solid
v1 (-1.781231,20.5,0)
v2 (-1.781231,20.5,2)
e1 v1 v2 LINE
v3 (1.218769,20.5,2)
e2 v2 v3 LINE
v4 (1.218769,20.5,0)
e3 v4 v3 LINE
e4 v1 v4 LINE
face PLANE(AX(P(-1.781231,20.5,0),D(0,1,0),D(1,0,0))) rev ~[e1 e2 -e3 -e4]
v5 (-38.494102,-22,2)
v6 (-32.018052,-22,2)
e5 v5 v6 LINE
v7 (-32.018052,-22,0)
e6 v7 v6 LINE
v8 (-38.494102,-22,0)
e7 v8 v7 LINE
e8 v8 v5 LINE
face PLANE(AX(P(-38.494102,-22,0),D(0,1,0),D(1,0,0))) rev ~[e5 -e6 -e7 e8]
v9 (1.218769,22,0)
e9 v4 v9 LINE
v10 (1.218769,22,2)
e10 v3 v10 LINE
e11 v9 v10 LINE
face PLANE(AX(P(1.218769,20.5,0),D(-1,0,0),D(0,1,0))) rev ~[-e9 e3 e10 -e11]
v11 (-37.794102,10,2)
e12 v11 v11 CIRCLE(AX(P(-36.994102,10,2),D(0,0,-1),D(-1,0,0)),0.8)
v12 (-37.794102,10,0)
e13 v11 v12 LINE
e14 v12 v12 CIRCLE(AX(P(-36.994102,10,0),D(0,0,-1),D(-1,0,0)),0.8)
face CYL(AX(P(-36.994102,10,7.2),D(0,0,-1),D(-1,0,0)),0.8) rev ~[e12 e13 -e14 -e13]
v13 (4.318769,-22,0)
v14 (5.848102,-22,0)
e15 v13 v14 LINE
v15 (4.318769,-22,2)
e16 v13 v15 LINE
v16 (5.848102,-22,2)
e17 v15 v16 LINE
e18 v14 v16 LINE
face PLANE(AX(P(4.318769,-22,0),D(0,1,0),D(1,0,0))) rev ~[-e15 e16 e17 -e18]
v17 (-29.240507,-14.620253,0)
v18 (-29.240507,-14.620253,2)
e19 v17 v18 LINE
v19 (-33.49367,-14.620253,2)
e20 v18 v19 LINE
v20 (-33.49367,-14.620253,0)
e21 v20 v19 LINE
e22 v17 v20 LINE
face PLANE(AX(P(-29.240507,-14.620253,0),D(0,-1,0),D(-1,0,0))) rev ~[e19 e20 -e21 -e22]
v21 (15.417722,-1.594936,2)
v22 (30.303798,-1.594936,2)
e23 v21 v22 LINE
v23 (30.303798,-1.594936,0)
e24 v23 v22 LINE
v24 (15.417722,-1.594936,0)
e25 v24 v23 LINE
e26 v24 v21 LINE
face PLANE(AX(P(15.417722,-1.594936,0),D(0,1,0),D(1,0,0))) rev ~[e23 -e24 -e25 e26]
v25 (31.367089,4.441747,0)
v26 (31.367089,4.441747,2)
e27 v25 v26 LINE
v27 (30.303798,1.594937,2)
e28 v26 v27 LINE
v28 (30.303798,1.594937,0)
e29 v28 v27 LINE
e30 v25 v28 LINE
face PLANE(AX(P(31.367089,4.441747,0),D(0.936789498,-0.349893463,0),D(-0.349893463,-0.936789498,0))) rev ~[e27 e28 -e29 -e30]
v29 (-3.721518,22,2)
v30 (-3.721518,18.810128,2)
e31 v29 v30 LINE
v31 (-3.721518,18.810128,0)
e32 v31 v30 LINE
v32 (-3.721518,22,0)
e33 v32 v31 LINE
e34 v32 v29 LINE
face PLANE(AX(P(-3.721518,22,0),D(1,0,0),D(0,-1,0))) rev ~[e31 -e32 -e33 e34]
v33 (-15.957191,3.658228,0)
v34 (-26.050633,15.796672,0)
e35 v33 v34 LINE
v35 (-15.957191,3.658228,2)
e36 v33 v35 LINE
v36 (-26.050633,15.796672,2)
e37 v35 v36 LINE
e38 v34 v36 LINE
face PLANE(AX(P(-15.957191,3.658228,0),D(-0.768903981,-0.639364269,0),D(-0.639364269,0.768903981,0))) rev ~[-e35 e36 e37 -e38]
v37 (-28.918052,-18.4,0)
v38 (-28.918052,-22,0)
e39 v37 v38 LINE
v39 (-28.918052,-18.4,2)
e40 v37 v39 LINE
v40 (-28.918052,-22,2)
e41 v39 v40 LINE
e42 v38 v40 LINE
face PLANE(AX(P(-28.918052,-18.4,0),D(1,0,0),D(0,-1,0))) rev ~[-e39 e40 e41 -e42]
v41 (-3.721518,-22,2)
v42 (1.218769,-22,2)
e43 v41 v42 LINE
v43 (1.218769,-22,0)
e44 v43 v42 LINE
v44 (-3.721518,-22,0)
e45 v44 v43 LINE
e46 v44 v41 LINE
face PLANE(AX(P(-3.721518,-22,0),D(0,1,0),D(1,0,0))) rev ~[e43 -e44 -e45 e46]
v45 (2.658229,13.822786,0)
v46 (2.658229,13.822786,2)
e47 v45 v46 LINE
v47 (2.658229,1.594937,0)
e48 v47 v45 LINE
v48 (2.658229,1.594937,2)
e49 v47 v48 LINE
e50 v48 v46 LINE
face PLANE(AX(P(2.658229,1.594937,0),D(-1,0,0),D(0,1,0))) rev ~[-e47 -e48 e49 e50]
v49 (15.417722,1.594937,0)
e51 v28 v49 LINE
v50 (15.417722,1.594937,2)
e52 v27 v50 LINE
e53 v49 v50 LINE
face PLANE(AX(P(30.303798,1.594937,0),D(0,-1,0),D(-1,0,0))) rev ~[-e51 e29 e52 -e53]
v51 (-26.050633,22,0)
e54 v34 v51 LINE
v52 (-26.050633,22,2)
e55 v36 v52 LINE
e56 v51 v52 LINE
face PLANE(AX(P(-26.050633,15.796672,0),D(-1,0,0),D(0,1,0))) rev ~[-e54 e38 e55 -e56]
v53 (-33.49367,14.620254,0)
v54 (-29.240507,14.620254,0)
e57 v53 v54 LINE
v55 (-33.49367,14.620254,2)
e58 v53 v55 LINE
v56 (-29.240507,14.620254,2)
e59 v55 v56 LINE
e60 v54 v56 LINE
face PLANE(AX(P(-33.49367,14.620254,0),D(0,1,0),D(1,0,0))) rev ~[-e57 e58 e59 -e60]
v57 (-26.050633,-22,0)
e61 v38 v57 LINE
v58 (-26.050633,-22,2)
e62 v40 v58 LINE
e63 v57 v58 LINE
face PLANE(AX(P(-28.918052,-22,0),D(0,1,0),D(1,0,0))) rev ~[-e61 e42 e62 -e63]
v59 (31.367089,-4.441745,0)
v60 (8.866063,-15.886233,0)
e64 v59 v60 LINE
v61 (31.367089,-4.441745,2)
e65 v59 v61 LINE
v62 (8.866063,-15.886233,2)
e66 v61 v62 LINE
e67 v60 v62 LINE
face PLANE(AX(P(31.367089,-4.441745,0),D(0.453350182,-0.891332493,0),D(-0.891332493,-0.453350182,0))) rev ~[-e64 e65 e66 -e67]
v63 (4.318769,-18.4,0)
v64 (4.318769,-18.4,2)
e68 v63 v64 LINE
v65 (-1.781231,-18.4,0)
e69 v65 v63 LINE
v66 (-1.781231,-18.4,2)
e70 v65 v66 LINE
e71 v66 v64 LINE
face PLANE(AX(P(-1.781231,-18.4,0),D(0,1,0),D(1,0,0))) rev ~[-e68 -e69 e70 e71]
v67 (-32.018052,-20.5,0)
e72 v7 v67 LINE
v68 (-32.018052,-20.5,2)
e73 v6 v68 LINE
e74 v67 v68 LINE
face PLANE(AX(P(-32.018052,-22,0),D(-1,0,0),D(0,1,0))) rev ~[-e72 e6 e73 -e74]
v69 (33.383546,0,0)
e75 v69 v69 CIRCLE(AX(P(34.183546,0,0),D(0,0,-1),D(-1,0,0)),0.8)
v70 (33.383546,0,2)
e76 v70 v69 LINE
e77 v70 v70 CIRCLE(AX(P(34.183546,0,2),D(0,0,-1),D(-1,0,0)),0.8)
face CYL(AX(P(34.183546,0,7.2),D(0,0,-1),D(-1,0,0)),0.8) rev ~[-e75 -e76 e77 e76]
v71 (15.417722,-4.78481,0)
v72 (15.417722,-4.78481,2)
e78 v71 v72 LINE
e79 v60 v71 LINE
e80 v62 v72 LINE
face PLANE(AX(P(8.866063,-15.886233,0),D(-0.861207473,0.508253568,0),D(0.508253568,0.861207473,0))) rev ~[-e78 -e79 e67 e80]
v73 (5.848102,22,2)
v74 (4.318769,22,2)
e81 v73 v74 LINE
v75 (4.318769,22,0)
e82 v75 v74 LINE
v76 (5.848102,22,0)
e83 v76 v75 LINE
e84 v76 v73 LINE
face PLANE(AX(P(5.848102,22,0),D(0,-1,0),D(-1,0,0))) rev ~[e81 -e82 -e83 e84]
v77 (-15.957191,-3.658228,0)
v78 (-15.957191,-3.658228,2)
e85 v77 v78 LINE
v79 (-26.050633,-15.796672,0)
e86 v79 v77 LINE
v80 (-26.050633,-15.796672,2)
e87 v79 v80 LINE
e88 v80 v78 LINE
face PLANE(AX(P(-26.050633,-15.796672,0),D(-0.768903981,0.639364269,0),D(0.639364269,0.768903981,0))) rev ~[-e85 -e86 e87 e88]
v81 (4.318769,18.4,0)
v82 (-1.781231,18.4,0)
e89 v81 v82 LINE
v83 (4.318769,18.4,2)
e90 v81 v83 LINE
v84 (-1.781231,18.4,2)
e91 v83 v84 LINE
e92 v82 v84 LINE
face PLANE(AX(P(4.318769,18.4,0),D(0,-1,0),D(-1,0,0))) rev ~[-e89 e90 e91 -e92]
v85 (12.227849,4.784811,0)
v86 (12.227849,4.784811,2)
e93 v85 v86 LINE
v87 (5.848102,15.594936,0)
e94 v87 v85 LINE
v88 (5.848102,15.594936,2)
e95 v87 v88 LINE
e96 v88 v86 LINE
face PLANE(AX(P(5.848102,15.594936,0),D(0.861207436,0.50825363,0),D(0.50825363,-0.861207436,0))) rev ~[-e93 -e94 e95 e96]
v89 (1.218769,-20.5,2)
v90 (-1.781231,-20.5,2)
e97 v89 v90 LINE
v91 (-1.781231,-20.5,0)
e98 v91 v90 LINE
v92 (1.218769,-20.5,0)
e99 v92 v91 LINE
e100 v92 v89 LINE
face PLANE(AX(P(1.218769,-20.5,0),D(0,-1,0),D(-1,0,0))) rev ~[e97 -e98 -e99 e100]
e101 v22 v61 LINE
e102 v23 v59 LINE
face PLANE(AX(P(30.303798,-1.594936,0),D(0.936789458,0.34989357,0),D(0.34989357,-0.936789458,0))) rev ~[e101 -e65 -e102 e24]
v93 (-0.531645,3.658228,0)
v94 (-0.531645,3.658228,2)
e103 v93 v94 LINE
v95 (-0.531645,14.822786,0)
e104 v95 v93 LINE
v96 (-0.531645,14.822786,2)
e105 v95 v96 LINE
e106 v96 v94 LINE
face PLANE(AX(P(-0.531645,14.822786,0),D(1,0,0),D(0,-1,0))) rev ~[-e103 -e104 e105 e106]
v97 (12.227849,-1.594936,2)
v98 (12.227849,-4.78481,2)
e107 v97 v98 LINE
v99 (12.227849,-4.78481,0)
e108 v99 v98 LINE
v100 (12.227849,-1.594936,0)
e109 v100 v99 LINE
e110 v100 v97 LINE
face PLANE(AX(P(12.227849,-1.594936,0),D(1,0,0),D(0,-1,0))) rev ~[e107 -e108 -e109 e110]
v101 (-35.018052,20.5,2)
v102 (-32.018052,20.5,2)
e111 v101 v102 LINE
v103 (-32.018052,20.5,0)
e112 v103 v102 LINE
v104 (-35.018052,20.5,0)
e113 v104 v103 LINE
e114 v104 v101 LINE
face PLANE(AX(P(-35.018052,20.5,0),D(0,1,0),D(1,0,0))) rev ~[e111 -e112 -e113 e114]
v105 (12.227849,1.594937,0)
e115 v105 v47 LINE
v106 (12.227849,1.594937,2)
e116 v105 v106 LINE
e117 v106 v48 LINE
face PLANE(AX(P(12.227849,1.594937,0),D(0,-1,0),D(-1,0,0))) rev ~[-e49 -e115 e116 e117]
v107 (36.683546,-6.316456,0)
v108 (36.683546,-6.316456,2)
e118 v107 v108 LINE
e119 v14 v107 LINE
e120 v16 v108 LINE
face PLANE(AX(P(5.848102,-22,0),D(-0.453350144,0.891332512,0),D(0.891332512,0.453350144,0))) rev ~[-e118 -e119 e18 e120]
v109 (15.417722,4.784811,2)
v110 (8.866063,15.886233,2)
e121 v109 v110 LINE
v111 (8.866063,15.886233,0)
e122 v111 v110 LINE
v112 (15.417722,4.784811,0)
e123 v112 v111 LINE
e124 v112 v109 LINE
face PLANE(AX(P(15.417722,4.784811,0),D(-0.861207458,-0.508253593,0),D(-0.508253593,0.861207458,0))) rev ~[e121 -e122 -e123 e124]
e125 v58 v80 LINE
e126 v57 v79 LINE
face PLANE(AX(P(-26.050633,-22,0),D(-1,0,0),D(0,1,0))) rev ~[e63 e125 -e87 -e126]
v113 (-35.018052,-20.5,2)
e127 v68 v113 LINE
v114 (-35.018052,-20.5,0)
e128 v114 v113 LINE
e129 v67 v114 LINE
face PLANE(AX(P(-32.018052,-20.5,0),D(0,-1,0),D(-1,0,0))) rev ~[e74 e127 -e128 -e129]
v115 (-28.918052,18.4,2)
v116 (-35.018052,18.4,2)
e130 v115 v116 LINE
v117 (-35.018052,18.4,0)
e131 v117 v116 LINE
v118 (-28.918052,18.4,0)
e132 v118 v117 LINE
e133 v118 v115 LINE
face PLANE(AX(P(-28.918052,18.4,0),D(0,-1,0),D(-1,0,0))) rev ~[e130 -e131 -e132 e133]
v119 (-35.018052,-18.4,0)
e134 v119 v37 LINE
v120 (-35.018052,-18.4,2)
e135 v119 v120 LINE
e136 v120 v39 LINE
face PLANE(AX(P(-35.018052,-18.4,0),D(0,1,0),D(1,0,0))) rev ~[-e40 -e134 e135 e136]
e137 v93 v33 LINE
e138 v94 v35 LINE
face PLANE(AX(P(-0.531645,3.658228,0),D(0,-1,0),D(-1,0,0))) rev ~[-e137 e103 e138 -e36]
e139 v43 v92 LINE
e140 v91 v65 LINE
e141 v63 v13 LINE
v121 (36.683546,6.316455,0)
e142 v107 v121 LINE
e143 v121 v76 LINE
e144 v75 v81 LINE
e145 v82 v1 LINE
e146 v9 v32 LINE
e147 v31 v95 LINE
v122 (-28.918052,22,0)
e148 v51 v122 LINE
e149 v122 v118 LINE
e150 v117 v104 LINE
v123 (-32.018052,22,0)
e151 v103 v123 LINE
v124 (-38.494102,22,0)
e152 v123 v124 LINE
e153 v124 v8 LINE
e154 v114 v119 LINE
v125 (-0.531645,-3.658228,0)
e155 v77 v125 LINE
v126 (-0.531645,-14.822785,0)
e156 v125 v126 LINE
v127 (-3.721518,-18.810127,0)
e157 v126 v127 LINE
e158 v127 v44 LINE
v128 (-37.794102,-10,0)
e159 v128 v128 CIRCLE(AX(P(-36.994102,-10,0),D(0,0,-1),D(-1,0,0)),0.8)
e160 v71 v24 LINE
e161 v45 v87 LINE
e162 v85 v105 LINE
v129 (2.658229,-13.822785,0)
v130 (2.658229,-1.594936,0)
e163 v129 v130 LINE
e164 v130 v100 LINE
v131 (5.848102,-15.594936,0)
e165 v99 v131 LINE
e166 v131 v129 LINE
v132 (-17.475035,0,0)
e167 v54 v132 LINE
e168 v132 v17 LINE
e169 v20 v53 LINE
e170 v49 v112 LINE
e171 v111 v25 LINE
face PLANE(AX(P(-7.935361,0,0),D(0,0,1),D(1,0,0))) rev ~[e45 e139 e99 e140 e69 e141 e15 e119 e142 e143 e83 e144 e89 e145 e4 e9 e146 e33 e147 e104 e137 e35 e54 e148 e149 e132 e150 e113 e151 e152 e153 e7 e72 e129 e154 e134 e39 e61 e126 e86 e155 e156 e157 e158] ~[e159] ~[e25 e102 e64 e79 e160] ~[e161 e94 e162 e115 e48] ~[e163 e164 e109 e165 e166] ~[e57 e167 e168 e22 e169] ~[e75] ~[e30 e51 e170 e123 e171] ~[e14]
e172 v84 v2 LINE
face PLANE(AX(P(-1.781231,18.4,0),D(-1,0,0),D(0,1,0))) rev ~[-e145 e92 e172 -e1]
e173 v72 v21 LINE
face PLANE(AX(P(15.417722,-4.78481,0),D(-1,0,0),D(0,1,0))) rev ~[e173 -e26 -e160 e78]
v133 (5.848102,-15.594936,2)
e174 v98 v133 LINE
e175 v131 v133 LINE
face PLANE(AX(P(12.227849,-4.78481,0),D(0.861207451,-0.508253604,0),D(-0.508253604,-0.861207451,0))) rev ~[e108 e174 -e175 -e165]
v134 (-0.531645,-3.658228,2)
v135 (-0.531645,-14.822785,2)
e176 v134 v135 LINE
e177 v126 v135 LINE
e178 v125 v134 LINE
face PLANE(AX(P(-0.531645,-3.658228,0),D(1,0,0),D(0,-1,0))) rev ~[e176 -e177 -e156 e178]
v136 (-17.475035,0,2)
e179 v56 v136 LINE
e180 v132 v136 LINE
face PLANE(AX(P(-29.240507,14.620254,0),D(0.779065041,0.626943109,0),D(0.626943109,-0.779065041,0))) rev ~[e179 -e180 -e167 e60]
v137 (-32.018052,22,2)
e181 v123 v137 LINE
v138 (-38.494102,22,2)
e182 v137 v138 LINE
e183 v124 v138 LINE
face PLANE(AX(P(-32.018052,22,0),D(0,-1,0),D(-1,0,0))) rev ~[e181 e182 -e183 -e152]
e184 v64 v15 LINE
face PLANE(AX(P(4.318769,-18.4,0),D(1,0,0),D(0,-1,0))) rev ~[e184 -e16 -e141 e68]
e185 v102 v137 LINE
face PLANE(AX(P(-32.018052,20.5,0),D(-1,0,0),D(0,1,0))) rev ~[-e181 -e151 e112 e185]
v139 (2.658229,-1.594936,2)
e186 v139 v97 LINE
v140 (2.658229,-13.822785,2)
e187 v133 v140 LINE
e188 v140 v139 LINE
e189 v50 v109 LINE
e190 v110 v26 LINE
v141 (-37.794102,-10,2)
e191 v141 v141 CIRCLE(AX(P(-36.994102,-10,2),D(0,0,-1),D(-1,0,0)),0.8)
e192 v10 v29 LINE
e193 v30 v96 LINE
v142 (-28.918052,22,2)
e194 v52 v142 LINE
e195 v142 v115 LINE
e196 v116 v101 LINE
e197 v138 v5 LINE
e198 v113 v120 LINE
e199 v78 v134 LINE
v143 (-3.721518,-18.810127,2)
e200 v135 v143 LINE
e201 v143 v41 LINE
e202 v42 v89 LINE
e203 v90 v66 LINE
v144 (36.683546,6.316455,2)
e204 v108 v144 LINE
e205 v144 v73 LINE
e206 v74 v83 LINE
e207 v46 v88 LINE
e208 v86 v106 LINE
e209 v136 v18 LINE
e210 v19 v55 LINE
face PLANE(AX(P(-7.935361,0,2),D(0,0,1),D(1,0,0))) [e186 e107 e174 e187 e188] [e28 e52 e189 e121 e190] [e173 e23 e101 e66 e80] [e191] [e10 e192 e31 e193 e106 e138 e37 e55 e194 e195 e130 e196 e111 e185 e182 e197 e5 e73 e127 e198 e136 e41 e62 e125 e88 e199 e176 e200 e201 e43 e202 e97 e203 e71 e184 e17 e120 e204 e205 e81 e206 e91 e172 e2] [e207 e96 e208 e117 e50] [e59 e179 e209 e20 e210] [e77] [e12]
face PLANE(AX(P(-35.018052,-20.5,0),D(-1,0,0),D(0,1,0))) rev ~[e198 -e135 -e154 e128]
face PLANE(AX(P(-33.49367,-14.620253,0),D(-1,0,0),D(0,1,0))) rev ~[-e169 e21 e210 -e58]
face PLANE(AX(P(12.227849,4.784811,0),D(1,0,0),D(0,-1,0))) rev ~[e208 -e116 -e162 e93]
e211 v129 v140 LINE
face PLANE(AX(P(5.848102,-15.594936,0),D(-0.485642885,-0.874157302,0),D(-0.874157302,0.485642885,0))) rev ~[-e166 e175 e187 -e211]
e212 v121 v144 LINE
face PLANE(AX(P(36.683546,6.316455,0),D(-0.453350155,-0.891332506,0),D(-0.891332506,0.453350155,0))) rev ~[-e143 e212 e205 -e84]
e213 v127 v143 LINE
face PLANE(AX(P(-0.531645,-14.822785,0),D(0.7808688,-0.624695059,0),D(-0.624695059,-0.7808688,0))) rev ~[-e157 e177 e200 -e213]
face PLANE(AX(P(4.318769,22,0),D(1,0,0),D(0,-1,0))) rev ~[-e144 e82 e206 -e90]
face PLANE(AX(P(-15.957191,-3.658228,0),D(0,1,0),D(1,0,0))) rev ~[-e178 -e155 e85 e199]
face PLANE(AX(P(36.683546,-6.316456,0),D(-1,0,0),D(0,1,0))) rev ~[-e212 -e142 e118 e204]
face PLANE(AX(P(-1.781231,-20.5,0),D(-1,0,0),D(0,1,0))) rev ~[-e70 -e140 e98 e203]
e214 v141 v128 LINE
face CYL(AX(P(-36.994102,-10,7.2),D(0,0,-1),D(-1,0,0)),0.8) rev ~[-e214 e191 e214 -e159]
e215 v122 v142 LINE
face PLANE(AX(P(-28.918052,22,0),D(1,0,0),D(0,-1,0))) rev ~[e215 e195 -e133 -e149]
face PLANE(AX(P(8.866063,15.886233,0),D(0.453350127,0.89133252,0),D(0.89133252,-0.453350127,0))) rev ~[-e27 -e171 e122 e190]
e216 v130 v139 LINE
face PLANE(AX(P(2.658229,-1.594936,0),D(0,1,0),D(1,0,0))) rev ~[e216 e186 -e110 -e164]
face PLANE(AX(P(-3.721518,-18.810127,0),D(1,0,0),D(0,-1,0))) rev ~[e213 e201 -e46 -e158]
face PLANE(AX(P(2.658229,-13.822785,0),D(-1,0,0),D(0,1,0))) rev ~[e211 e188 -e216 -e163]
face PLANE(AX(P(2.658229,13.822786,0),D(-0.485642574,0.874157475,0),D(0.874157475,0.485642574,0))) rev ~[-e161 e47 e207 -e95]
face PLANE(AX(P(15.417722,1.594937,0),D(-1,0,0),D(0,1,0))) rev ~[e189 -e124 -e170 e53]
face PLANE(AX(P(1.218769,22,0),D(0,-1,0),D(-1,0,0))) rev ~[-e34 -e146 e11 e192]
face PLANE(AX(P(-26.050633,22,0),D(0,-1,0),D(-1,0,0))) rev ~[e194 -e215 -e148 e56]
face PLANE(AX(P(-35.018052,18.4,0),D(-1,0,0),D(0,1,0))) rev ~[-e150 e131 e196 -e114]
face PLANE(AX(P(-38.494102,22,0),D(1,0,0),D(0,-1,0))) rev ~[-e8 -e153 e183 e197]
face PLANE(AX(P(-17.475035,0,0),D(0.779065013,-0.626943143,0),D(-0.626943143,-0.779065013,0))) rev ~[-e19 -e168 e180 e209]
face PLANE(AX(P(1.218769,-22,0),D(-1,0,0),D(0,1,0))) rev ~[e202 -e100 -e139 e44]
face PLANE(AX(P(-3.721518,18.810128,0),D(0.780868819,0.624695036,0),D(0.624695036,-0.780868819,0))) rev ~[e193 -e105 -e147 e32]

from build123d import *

# Parameters (mm, degrees)
EXTRUDE_2_DEPTH        = 2
HOLE_WIZARD_M2_1_D     = 1.6
HOLE_WIZARD_M2_1_DEPTH = 5.2
HOLE_WIZARD_M2_1_TIP   = 0.480688495


with BuildPart() as part:
    # 草图2 → 凸台-拉伸2 (new body)
    with BuildSketch(Plane.XY):
        Polygon((-26.050632556, -22), (-26.050632556, -15.796671569), (-15.95719104, -3.658227581), (-0.531644656, -3.658227581), (-0.531644656, -14.822784766), (-3.721518143, -18.810126501), (-3.721518143, -22), (1.218768965, -22), (1.218768965, -20.5), (-1.781231035, -20.5), (-1.781231035, -18.4), (4.318768965, -18.4), (4.318768965, -22), (5.848102303, -22), (36.683545842, -6.316455894), (36.683545842, 0), (36.683545842, 6.316455398), (5.848102306, 22), (4.318768965, 22), (4.318768965, 18.4), (-1.781231035, 18.4), (-1.781231035, 20.5), (1.218768965, 20.5), (1.218768965, 22), (-3.721518139, 22), (-3.721518139, 18.810127986), (-0.531644652, 14.822786003), (-0.531644652, 3.65822808), (-15.95719104, 3.65822808), (-26.050632552, 15.796672063), (-26.050632552, 22), (-28.918052143, 22), (-28.918052143, 18.4), (-35.018052143, 18.4), (-35.018052143, 20.5), (-32.018052143, 20.5), (-32.018052143, 22), (-38.494101839, 22), (-38.494101839, -22), (-32.018052143, -22), (-32.018052143, -20.5), (-35.018052143, -20.5), (-35.018052143, -18.4), (-28.918052143, -18.4), (-28.918052143, -22), align=None)
        Polygon((31.367089202, 4.441746568), (30.303797872, 1.594936736), (15.417722268, 1.594936736), (15.417722268, 4.784810719), (8.86606295, 15.886233204), align=None, mode=Mode.SUBTRACT)
        Polygon((30.303797878, -1.594936257), (31.367089202, -4.441745082), (8.86606295, -15.886233452), (15.417722268, -4.784810223), (15.417722268, -1.594936257), align=None, mode=Mode.SUBTRACT)
        Polygon((5.8481023, -15.594936496), (2.658228824, -13.822784785), (2.658228824, -1.594936252), (12.227849285, -1.594936252), (12.227849285, -4.784810209), align=None, mode=Mode.SUBTRACT)
        Polygon((12.22784928, 1.594936739), (2.658228819, 1.594936739), (2.658228819, 13.822786023), (5.848102294, 15.594936248), (12.22784928, 4.784810704), align=None, mode=Mode.SUBTRACT)
        Polygon((-17.475034956, -1.79e-07), (-29.240506549, -14.620253036), (-33.493669867, -14.620253036), (-33.493669867, 14.620254005), (-29.240506547, 14.620254005), align=None, mode=Mode.SUBTRACT)
    extrude(amount=EXTRUDE_2_DEPTH)

    # M2 螺纹孔1
    with Locations(Plane.XY.offset(2)):
        with Locations((-36.994101839, 10), (-36.994101839, -10), (34.183545842, 0)):
            Hole(HOLE_WIZARD_M2_1_D / 2, depth=HOLE_WIZARD_M2_1_DEPTH)
            with Locations((0, 0, -(HOLE_WIZARD_M2_1_DEPTH + HOLE_WIZARD_M2_1_TIP / 2))):  # 118° drill point
                Cone(0, HOLE_WIZARD_M2_1_D / 2, HOLE_WIZARD_M2_1_TIP, mode=Mode.SUBTRACT)


solid = part.part
